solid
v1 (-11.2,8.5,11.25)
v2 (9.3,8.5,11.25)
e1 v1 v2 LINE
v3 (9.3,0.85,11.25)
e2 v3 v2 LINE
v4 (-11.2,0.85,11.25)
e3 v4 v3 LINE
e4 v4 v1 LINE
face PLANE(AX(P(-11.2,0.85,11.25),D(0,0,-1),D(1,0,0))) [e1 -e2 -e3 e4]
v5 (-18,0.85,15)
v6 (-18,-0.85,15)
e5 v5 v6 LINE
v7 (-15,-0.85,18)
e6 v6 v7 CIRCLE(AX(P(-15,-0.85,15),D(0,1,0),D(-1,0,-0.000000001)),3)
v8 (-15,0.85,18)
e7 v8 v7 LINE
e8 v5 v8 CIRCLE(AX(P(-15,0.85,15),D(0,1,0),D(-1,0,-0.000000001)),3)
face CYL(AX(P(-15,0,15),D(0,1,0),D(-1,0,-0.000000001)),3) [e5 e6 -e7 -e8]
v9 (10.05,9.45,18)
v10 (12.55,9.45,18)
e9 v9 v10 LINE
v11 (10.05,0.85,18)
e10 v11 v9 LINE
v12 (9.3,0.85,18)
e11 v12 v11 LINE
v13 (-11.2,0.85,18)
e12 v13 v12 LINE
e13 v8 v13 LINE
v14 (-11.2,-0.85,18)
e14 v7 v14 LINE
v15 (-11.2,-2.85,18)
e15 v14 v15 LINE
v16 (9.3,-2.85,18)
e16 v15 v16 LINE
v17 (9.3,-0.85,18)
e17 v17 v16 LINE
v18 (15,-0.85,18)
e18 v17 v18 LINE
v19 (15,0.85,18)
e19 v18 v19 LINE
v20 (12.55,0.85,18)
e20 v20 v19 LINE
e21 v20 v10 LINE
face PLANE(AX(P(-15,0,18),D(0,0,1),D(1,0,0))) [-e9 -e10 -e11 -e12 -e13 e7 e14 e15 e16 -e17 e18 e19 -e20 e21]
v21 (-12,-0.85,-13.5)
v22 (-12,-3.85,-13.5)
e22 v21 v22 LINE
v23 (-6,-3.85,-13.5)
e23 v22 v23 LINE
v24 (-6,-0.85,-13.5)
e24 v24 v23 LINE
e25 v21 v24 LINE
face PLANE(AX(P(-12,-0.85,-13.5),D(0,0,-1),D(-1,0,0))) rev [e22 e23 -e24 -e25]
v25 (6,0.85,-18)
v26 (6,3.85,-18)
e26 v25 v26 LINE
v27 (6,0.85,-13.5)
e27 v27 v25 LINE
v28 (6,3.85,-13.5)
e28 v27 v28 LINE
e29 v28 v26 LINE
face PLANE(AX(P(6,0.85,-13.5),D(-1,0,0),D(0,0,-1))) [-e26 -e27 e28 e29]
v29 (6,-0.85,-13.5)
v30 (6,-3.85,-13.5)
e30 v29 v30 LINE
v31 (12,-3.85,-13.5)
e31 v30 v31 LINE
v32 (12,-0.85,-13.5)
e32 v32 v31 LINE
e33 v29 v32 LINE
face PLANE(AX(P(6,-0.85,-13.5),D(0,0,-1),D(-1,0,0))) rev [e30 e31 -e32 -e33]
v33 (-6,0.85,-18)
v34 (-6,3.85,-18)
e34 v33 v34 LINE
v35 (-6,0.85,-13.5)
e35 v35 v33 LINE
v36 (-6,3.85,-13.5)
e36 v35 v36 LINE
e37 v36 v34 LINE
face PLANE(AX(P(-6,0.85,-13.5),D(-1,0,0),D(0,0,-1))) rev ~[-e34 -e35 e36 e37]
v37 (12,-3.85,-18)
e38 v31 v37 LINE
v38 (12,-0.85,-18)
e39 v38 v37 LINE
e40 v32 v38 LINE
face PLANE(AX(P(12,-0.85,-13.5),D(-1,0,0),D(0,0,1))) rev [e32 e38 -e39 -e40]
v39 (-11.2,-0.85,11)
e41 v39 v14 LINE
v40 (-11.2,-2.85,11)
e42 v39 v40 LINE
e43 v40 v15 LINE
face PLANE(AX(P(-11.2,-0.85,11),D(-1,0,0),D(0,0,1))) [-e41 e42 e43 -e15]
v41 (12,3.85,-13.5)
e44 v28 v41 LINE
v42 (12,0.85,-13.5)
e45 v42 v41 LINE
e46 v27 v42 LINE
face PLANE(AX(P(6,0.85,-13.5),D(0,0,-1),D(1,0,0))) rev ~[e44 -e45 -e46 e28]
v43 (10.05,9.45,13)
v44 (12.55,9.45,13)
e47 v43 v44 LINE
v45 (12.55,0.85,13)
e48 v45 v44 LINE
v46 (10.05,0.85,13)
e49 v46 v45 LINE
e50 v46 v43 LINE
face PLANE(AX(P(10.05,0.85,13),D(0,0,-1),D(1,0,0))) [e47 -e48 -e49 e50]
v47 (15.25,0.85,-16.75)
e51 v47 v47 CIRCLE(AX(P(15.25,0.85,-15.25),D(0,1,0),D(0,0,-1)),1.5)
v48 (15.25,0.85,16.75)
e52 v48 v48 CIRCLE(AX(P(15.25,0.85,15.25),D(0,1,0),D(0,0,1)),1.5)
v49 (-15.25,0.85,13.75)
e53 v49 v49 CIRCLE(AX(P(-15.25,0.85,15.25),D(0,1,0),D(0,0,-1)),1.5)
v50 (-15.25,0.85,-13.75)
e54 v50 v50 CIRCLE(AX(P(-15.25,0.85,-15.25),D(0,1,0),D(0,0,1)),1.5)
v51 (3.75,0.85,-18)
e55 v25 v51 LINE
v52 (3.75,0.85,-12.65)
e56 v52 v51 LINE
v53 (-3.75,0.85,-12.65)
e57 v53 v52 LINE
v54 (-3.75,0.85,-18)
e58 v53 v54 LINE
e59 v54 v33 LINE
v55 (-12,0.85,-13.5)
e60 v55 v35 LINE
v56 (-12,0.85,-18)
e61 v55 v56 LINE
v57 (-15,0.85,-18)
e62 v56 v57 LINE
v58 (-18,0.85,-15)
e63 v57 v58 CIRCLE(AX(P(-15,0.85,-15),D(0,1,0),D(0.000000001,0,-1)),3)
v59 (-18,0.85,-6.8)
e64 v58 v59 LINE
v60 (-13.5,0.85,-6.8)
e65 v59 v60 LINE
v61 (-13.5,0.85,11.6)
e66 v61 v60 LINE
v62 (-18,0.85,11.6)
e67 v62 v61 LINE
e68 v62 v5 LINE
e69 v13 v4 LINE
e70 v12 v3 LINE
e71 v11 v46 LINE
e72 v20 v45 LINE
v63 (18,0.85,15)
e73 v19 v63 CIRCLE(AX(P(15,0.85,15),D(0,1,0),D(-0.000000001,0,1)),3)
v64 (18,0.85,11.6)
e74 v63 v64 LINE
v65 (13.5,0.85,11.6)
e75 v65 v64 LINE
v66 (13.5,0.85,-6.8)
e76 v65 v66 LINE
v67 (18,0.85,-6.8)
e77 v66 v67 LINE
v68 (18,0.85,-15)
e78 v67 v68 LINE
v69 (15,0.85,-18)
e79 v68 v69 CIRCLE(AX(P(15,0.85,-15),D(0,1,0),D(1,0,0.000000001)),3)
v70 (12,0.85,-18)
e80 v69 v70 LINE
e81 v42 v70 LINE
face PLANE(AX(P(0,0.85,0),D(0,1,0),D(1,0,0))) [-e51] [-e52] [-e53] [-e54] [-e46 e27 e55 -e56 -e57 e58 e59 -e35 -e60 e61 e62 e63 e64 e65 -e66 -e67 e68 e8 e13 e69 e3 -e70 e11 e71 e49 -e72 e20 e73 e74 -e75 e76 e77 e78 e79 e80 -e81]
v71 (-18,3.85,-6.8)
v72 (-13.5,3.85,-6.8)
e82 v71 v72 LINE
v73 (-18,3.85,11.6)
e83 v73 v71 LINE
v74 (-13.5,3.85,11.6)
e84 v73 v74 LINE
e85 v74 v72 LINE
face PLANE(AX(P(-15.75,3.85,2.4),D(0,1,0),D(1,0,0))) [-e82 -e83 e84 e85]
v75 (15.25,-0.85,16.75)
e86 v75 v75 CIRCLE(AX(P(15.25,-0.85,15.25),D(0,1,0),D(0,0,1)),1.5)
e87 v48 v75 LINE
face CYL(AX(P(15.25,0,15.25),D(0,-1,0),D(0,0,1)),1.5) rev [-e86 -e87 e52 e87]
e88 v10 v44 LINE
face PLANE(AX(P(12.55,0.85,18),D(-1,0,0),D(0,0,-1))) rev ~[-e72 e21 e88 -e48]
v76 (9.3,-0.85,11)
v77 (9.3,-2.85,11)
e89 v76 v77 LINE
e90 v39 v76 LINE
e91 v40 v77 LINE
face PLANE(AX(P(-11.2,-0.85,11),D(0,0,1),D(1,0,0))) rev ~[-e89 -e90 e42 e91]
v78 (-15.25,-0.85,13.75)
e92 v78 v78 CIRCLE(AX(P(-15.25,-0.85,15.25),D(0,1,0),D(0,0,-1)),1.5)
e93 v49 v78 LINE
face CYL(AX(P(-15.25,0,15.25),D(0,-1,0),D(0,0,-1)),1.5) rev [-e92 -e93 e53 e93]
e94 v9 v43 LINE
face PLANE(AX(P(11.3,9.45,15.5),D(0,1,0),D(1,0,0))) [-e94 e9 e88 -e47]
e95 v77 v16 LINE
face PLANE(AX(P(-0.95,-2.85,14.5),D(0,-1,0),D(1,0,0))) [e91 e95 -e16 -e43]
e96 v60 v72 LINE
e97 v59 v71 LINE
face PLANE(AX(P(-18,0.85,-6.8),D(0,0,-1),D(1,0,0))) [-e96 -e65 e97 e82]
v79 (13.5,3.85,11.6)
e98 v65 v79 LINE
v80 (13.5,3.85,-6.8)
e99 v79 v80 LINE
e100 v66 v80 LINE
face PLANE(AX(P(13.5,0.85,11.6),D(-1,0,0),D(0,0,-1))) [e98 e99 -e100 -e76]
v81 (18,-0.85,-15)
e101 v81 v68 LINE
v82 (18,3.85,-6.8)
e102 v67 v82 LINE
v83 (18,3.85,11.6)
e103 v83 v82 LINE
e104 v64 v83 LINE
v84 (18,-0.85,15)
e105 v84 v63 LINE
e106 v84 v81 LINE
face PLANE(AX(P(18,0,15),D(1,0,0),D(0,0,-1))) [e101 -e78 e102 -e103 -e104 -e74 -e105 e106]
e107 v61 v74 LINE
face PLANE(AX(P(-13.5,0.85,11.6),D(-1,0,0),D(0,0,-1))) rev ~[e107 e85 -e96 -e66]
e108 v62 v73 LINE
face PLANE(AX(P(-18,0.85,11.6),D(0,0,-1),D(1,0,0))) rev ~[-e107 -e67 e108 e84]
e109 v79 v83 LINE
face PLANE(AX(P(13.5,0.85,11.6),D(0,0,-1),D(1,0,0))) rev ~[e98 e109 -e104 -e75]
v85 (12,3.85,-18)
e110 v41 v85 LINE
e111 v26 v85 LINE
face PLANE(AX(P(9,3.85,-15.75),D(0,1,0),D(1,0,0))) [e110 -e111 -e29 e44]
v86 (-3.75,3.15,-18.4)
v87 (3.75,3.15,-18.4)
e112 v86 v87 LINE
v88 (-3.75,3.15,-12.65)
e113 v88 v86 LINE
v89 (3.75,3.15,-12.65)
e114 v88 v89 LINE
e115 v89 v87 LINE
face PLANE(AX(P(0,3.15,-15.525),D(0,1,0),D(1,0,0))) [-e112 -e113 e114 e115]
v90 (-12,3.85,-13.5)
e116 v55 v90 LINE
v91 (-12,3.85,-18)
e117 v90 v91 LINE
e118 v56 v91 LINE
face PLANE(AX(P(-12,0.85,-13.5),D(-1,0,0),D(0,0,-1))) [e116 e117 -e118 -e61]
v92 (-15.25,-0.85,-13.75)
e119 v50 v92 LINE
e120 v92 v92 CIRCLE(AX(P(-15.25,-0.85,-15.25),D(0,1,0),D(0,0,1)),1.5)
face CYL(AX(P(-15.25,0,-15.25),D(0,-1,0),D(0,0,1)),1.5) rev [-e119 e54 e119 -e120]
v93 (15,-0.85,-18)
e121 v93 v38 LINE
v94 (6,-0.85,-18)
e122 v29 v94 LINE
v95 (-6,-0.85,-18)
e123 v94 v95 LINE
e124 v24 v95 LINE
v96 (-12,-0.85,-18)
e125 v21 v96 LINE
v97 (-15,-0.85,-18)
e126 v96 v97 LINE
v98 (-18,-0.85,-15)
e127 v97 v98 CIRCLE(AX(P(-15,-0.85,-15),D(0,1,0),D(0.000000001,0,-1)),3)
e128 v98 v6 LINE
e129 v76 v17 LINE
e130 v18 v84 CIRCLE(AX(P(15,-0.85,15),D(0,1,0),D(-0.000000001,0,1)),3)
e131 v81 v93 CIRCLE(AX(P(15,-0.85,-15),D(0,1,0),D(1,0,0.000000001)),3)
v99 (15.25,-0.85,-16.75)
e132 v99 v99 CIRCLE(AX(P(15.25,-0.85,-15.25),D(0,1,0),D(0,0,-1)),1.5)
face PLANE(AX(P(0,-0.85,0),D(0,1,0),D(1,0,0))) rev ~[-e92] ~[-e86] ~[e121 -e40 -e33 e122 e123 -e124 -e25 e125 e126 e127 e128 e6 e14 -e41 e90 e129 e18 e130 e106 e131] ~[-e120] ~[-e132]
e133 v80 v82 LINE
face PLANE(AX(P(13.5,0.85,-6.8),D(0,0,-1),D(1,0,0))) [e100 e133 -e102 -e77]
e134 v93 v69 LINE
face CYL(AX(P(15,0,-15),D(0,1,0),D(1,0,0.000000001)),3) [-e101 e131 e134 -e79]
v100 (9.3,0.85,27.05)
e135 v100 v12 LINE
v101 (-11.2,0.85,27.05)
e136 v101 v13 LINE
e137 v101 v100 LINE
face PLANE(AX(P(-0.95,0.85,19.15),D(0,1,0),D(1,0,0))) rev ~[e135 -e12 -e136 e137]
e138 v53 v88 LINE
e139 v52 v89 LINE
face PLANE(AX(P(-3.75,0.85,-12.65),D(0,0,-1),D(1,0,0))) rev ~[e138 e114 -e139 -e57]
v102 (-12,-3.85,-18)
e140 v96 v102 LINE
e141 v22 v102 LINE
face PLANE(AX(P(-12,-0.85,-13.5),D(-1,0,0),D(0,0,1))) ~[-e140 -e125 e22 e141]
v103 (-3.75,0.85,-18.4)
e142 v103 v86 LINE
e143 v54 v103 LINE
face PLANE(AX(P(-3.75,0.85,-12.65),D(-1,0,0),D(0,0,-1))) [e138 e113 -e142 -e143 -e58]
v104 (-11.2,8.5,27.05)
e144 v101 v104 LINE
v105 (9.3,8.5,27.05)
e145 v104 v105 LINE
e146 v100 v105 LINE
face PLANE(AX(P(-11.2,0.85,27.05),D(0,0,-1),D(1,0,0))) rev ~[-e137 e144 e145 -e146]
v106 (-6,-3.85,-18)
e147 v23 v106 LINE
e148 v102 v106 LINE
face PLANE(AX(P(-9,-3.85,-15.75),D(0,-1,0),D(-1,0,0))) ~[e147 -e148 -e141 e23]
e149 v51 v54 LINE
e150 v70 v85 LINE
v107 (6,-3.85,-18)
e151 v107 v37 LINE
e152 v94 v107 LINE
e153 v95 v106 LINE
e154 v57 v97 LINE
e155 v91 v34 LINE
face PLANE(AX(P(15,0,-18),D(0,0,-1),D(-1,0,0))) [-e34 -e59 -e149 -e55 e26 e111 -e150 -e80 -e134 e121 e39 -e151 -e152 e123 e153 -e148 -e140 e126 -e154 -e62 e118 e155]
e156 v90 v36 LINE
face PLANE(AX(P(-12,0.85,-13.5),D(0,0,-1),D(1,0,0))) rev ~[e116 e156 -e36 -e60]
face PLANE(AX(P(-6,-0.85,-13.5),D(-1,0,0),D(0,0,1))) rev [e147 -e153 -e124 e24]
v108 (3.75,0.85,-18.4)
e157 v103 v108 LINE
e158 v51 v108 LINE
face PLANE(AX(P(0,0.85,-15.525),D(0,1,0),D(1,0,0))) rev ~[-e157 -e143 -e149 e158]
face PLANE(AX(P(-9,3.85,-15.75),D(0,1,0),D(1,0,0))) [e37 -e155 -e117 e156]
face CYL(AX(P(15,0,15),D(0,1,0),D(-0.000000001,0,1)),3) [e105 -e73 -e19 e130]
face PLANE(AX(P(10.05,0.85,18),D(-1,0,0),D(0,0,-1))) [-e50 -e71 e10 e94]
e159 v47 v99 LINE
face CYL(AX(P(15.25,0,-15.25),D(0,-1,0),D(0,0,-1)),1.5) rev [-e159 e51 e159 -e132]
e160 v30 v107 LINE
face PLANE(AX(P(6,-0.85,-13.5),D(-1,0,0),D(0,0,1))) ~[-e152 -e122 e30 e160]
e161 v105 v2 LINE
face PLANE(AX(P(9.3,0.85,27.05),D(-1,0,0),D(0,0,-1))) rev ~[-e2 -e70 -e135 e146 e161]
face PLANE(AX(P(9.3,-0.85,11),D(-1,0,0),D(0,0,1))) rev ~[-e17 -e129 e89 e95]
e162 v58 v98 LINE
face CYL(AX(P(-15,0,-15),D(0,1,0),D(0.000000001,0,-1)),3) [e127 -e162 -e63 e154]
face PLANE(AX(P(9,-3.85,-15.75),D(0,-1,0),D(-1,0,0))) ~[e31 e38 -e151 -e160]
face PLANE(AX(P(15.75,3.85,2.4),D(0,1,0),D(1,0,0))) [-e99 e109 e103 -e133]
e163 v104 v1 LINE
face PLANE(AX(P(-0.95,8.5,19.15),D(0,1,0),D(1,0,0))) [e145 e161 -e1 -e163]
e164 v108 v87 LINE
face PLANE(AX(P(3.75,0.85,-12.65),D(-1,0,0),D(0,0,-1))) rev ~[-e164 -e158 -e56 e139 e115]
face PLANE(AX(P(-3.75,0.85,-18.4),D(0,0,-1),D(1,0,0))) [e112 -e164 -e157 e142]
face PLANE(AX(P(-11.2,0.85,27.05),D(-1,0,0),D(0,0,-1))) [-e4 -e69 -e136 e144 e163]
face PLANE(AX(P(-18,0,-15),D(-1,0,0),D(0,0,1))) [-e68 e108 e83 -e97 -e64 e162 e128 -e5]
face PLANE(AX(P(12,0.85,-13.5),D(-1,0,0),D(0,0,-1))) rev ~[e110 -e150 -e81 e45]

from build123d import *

# Parameters (mm, degrees)
SKETCH1_R           = 1.5
BOSS_EXTRUDE1_DEPTH = 0.85
SKETCH2_W           = 4.5
SKETCH2_H           = 18.4
BOSS_EXTRUDE2_DEPTH = 3
SKETCH3_W           = 6
SKETCH3_H           = 4.5
BOSS_EXTRUDE3_DEPTH = 3
SKETCH4_W           = 7.5
SKETCH4_H           = 5.75
BOSS_EXTRUDE4_DEPTH = 2.3
SKETCH5_W           = 20.5
SKETCH5_H           = 15.8
BOSS_EXTRUDE5_DEPTH = 7.65
SKETCH6_W           = 2.5
SKETCH6_H           = 5
BOSS_EXTRUDE6_DEPTH = 8.6
SKETCH7_W           = 20.5
SKETCH7_H           = 7
BOSS_EXTRUDE7_DEPTH = 2


with BuildPart() as part:
    # Sketch1 → Boss-Extrude1 (new, symmetric)
    with BuildSketch(Plane(origin=(0, 0, 0), x_dir=(1, 0, 0), z_dir=(0, 1, 0))):
        with BuildLine():
            Line((-15, -18), (15, -18))
            ThreePointArc((15, -18), (17.121320344, -17.121320344), (18, -15))
            Line((18, -15), (18, 15))
            ThreePointArc((18, 15), (17.121320344, 17.121320344), (15, 18))
            Line((15, 18), (-15, 18))
            ThreePointArc((-15, 18), (-17.121320344, 17.121320344), (-18, 15))
            Line((-18, 15), (-18, -15))
            ThreePointArc((-18, -15), (-17.121320344, -17.121320344), (-15, -18))
        make_face()
        with Locations(Location((-15.25, 15.25, 0), (0, 0, 270))):
            Circle(SKETCH1_R, mode=Mode.SUBTRACT)
        with Locations(Location((15.25, 15.25, 0), (0, 0, 90))):
            Circle(SKETCH1_R, mode=Mode.SUBTRACT)
        with Locations(Location((15.25, -15.25, 0), (0, 0, 270))):
            Circle(SKETCH1_R, mode=Mode.SUBTRACT)
        with Locations(Location((-15.25, -15.25, 0), (0, 0, 90))):
            Circle(SKETCH1_R, mode=Mode.SUBTRACT)
    extrude(amount=BOSS_EXTRUDE1_DEPTH, both=True)

    # Sketch2 → Boss-Extrude2 (add)
    with BuildSketch(Plane(origin=(0, 0.85, 0), x_dir=(1, 0, 0), z_dir=(0, 1, 0))):
        with Locations((-15.75, -2.4)):
            Rectangle(SKETCH2_W, SKETCH2_H)
        with Locations((15.75, -2.4)):
            Rectangle(SKETCH2_W, SKETCH2_H)
    extrude(amount=BOSS_EXTRUDE2_DEPTH)

    # Sketch3 → Boss-Extrude3 (add)
    with BuildSketch(Plane(origin=(0, 0.85, 0), x_dir=(1, 0, 0), z_dir=(0, 1, 0))):
        with Locations((-9, 15.75)):
            Rectangle(SKETCH3_W, SKETCH3_H)
        with Locations((9, 15.75)):
            Rectangle(SKETCH3_W, SKETCH3_H)
    boss_extrude3 = extrude(amount=BOSS_EXTRUDE3_DEPTH)

    # Mirror2: Boss-Extrude3 across plane
    add(boss_extrude3.mirror(Plane.ZX))

    # Sketch4 → Boss-Extrude4 (add)
    with BuildSketch(Plane(origin=(0, 0.85, 0), x_dir=(1, 0, 0), z_dir=(0, 1, 0))):
        with Locations((0, 15.525)):
            Rectangle(SKETCH4_W, SKETCH4_H)
    extrude(amount=BOSS_EXTRUDE4_DEPTH)

    # Sketch5 → Boss-Extrude5 (add)
    with BuildSketch(Plane(origin=(0, 0.85, 0), x_dir=(1, 0, 0), z_dir=(0, 1, 0))):
        with Locations((-0.95, -19.15)):
            Rectangle(SKETCH5_W, SKETCH5_H)
    extrude(amount=BOSS_EXTRUDE5_DEPTH)

    # Sketch6 → Boss-Extrude6 (add)
    with BuildSketch(Plane(origin=(0, 0.85, 0), x_dir=(1, 0, 0), z_dir=(0, 1, 0))):
        with Locations((11.3, -15.5)):
            Rectangle(SKETCH6_W, SKETCH6_H)
    extrude(amount=BOSS_EXTRUDE6_DEPTH)

    # Sketch7 → Boss-Extrude7 (add)
    with BuildSketch(Plane.XZ.offset(0.85)):
        with Locations((-0.95, 14.5)):
            Rectangle(SKETCH7_W, SKETCH7_H)
    extrude(amount=BOSS_EXTRUDE7_DEPTH)


solid = part.part
